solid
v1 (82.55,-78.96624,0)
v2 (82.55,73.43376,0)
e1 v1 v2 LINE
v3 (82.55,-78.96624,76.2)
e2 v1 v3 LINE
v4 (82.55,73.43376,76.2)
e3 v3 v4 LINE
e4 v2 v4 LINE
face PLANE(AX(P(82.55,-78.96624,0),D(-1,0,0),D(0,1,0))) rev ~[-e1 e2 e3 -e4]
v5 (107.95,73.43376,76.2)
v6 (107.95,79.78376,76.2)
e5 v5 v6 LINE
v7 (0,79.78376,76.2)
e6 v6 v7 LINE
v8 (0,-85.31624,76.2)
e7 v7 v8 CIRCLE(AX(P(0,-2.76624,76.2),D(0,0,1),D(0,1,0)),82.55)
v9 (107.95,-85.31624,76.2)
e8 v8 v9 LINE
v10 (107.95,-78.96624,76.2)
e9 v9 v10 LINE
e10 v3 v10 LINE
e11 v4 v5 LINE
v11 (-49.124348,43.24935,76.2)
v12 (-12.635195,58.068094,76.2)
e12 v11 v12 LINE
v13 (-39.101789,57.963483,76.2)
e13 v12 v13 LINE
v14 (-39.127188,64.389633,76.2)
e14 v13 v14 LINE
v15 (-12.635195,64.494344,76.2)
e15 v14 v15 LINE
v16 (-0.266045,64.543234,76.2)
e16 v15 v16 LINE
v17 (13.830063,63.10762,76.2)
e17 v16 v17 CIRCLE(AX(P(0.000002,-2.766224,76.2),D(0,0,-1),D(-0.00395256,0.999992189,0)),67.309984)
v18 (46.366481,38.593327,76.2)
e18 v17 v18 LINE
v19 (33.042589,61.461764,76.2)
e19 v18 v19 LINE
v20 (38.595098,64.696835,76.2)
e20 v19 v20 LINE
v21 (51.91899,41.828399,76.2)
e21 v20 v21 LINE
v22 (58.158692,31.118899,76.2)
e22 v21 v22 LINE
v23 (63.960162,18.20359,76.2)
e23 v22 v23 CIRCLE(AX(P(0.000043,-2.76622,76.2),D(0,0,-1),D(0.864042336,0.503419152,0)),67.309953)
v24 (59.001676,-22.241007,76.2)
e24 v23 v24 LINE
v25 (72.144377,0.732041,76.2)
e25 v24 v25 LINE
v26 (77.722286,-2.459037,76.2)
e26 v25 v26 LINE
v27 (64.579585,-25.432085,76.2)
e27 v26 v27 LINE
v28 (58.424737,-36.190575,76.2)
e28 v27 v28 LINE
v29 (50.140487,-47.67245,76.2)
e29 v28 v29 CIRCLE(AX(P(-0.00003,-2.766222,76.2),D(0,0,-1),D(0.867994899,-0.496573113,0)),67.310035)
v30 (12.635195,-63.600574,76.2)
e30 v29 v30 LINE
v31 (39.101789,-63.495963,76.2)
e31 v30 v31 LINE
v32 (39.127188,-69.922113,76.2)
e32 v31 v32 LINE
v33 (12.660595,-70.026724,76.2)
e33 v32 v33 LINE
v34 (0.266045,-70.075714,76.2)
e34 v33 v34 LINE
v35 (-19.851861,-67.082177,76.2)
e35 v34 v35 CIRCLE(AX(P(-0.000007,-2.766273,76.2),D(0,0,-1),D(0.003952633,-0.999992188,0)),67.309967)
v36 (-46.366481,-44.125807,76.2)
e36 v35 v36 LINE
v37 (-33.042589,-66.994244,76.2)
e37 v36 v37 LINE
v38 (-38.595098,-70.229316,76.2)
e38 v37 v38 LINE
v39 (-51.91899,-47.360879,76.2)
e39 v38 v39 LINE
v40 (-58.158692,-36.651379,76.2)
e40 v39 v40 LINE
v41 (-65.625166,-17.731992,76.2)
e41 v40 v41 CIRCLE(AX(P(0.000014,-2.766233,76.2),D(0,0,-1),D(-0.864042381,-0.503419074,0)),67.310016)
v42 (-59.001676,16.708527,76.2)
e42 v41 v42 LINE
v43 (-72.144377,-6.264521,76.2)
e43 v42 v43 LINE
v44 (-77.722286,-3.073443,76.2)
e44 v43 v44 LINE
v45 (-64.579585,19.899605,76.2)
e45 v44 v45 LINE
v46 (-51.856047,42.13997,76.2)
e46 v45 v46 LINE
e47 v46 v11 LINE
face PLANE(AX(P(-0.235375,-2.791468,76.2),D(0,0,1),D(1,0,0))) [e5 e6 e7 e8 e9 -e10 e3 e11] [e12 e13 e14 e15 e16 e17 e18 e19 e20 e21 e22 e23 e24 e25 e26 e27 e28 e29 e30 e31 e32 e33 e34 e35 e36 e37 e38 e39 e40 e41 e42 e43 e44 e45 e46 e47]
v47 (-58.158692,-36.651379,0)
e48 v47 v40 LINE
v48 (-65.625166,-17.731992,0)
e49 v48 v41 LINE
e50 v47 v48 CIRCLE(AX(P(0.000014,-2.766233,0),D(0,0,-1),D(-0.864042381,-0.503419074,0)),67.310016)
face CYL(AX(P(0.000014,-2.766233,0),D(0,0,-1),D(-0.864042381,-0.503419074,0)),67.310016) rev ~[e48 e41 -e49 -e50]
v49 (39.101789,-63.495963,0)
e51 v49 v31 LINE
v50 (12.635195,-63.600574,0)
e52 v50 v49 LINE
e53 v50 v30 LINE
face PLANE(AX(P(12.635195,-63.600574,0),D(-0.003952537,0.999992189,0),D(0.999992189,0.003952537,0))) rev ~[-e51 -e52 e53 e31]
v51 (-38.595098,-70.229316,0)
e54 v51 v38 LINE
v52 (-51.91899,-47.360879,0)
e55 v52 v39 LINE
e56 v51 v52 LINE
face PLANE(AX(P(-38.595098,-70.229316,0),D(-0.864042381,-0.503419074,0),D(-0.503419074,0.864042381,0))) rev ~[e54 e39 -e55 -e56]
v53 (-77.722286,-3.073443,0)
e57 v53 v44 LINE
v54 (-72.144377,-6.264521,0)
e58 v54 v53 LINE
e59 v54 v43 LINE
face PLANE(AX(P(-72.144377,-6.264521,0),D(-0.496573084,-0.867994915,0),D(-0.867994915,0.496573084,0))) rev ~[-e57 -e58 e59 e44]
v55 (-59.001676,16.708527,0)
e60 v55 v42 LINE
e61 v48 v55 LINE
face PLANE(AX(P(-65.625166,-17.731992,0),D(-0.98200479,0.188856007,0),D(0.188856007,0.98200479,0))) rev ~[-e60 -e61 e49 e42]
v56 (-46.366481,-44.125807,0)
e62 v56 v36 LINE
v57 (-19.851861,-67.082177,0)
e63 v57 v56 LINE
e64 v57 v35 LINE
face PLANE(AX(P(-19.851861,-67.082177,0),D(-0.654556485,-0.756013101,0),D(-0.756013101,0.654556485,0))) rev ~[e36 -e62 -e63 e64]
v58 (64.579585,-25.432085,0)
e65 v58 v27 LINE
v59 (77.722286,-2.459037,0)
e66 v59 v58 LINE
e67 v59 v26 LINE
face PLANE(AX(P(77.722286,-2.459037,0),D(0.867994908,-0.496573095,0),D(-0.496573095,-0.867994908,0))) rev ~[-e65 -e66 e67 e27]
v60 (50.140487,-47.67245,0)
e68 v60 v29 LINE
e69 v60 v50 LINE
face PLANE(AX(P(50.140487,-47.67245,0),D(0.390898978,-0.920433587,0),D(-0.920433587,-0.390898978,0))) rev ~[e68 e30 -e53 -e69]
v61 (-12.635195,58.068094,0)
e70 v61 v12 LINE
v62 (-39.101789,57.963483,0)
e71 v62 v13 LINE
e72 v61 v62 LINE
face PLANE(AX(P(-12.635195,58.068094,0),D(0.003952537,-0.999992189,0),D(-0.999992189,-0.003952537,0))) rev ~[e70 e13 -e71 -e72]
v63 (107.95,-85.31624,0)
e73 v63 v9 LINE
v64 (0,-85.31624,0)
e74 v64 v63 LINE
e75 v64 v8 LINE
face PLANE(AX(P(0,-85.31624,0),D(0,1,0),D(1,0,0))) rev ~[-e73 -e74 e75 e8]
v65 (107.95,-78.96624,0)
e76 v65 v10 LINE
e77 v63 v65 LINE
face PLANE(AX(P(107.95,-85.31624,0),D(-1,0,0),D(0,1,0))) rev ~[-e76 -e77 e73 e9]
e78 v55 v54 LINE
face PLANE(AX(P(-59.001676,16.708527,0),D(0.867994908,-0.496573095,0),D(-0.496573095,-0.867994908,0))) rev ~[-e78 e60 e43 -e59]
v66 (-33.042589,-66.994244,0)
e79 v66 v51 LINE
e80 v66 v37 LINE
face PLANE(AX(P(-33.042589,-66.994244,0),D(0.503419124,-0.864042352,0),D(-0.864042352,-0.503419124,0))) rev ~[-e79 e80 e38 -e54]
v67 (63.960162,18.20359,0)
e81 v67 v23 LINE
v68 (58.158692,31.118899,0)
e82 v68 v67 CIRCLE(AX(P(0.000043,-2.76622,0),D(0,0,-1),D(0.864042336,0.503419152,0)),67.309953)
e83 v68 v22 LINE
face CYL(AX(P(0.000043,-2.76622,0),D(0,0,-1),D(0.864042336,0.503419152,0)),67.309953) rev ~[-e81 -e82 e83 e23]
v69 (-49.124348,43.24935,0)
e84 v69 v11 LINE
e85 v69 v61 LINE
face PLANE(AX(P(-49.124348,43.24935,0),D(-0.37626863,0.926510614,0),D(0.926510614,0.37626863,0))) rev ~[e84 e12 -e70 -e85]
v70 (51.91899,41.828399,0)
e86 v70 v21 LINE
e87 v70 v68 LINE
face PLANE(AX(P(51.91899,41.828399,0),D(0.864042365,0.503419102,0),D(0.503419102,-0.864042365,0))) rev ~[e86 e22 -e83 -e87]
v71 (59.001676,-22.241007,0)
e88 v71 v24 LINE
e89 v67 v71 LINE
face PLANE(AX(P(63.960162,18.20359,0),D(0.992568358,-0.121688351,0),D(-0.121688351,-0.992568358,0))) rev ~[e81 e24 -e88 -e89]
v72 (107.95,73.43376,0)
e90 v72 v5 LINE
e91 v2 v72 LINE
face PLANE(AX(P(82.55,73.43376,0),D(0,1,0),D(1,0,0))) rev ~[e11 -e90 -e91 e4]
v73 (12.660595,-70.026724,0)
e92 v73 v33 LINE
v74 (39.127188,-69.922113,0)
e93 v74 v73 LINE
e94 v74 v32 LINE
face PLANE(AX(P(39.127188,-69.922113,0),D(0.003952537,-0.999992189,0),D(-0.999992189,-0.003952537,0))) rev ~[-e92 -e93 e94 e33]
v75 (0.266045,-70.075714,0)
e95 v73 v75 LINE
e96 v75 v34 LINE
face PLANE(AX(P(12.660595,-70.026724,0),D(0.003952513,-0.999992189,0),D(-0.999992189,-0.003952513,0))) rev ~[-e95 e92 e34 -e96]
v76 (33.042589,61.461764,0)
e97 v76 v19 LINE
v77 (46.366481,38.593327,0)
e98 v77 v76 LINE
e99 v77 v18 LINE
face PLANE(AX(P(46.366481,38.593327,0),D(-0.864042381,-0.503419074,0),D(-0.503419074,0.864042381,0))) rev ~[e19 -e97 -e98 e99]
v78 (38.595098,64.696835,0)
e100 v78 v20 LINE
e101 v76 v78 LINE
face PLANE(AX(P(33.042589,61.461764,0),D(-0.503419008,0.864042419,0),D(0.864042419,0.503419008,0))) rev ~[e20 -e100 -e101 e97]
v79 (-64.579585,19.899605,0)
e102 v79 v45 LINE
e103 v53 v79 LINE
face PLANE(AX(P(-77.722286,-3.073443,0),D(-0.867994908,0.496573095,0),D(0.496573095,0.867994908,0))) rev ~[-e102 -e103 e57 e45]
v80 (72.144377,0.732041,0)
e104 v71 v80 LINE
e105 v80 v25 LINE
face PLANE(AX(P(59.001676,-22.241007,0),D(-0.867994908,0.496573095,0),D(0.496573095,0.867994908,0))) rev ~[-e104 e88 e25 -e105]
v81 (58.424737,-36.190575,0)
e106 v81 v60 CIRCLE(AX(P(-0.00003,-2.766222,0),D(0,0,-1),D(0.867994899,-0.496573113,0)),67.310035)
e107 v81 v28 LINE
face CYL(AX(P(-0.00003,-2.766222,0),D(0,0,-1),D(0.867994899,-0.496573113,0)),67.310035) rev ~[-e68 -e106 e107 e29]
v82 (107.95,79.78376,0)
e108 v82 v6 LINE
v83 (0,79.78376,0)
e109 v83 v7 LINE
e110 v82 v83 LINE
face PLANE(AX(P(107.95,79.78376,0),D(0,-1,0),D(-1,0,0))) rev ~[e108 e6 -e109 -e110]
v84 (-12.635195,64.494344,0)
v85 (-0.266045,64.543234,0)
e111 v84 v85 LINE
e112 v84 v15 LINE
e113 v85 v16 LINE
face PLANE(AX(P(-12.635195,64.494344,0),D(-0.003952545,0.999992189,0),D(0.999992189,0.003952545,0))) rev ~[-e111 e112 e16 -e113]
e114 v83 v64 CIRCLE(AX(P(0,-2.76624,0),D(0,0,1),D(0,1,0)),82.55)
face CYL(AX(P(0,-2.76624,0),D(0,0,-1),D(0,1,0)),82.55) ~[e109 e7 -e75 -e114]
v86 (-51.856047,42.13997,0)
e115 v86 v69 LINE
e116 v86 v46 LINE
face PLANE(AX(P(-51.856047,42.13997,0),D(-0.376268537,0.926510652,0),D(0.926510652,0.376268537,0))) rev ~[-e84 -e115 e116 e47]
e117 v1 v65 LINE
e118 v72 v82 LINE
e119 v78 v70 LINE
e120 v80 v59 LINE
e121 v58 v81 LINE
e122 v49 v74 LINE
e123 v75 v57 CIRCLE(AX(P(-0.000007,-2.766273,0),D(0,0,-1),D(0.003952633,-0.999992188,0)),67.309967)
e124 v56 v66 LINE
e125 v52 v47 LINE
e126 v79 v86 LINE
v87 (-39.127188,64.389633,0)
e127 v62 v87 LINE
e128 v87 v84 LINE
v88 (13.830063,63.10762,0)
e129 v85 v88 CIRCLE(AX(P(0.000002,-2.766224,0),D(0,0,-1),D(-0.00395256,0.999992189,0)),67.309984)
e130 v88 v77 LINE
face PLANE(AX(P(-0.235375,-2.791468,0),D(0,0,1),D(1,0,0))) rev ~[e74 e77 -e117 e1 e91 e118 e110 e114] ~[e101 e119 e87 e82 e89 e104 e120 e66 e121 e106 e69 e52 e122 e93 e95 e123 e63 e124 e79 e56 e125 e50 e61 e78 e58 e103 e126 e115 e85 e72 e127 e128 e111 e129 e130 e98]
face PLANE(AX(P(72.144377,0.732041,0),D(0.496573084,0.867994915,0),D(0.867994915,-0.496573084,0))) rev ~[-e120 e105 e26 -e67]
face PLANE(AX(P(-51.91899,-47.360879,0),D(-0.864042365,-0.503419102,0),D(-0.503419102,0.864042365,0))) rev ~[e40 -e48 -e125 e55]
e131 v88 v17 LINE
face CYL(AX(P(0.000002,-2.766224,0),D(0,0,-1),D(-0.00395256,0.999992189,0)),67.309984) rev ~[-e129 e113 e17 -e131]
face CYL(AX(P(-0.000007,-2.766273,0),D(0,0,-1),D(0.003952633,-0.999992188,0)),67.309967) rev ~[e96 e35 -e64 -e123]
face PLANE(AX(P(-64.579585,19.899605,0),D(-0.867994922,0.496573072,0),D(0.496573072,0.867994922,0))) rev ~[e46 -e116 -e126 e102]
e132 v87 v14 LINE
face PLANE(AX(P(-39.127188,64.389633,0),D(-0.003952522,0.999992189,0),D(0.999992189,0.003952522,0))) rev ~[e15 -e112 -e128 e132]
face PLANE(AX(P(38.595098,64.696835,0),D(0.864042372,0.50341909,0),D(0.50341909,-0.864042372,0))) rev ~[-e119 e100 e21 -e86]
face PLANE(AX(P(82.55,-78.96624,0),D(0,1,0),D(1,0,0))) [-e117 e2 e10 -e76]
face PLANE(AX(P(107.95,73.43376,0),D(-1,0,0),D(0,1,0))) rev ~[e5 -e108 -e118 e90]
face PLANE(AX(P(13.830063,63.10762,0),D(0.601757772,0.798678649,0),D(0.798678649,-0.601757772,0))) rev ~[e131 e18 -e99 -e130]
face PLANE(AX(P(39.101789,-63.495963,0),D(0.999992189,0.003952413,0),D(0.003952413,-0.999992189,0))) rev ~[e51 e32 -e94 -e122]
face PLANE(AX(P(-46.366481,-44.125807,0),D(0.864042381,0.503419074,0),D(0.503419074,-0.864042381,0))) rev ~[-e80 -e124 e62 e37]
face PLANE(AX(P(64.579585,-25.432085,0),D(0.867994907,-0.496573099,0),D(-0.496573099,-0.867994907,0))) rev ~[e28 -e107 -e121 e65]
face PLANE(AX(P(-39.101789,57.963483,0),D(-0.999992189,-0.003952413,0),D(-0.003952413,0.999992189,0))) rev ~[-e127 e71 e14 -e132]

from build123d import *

# Parameters (mm, degrees)
F0_W     = 25.4
F0_H     = 6.35
F1_DEPTH = 76.2


with BuildPart() as f1:
    # F0 (on Top) → F1 (new body)
    with BuildSketch(Plane.XY):
        with BuildLine():
            Line((-59.001676, 16.708527), (-65.625166, -17.731992))
            ThreePointArc((-65.625166, -17.731992), (-62.610675, -27.475337), (-58.158692, -36.651379))
            Line((-58.158692, -36.651379), (-51.91899, -47.360879))
            Line((-51.91899, -47.360879), (-38.595098, -70.229316))
            Line((-38.595098, -70.229316), (-33.042589, -66.994244))
            Line((-33.042589, -66.994244), (-46.366481, -44.125807))
            Line((-46.366481, -44.125807), (-19.851861, -67.082177))
            ThreePointArc((-19.851861, -67.082177), (-9.906632, -69.343224), (0.266045, -70.075714))
            Line((0.266045, -70.075714), (12.660595, -70.026724))
            Line((12.660595, -70.026724), (39.127188, -69.922113))
            Line((39.127188, -69.922113), (39.101789, -63.495963))
            Line((39.101789, -63.495963), (12.635195, -63.600574))
            Line((12.635195, -63.600574), (50.140487, -47.67245))
            ThreePointArc((50.140487, -47.67245), (54.585349, -42.149939), (58.424737, -36.190575))
            Line((58.424737, -36.190575), (64.579585, -25.432085))
            Line((64.579585, -25.432085), (77.722286, -2.459037))
            Line((77.722286, -2.459037), (72.144377, 0.732041))
            Line((72.144377, 0.732041), (59.001676, -22.241007))
            Line((59.001676, -22.241007), (63.960162, 18.20359))
            ThreePointArc((63.960162, 18.20359), (61.399959, 24.814209), (58.158692, 31.118899))
            Line((58.158692, 31.118899), (51.91899, 41.828399))
            Line((51.91899, 41.828399), (38.595098, 64.696835))
            Line((38.595098, 64.696835), (33.042589, 61.461764))
            Line((33.042589, 61.461764), (46.366481, 38.593327))
            Line((46.366481, 38.593327), (13.830063, 63.10762))
            ThreePointArc((13.830063, 63.10762), (6.819889, 64.197371), (-0.266045, 64.543234))
            Line((-0.266045, 64.543234), (-12.635195, 64.494344))
            Line((-12.635195, 64.494344), (-39.127188, 64.389633))
            Line((-39.127188, 64.389633), (-39.101789, 57.963483))
            Line((-39.101789, 57.963483), (-12.635195, 58.068094))
            Line((-12.635195, 58.068094), (-49.124348, 43.24935))
            ThreePointArc((-49.124348, 43.24935), (-49.635517, 42.697499), (-50.140487, 42.13997))
            Line((-50.140487, 42.13997), (-51.856047, 42.13997))
            Line((-51.856047, 42.13997), (-64.579585, 19.899605))
            Line((-64.579585, 19.899605), (-77.722286, -3.073443))
            Line((-77.722286, -3.073443), (-72.144377, -6.264521))
            Line((-72.144377, -6.264521), (-59.001676, 16.708527))
        make_face()
        with BuildLine():
            Line((82.55, 79.78376), (0, 79.78376))
            ThreePointArc((0, 79.78376), (-82.55, -2.76624), (0, -85.31624))
            Line((0, -85.31624), (82.55, -85.31624))
            Line((82.55, -85.31624), (82.55, -78.96624))
            Line((82.55, -78.96624), (82.55, 73.43376))
            Line((82.55, 73.43376), (82.55, 79.78376))
        make_face()
        with BuildLine():
            ThreePointArc((-58.158692, -36.651379), (-62.610675, -27.475337), (-65.625166, -17.731992))
            Line((-65.625166, -17.731992), (-59.001676, 16.708527))
            Line((-59.001676, 16.708527), (-72.144377, -6.264521))
            Line((-72.144377, -6.264521), (-77.722286, -3.073443))
            Line((-77.722286, -3.073443), (-64.579585, 19.899605))
            Line((-64.579585, 19.899605), (-51.856047, 42.13997))
            Line((-51.856047, 42.13997), (-49.124348, 43.24935))
            Line((-49.124348, 43.24935), (-12.635195, 58.068094))
            Line((-12.635195, 58.068094), (-39.101789, 57.963483))
            Line((-39.101789, 57.963483), (-39.127188, 64.389633))
            Line((-39.127188, 64.389633), (-12.635195, 64.494344))
            Line((-12.635195, 64.494344), (-0.266045, 64.543234))
            ThreePointArc((-0.266045, 64.543234), (6.819889, 64.197371), (13.830063, 63.10762))
            Line((13.830063, 63.10762), (46.366481, 38.593327))
            Line((46.366481, 38.593327), (33.042589, 61.461764))
            Line((33.042589, 61.461764), (38.595098, 64.696835))
            Line((38.595098, 64.696835), (51.91899, 41.828399))
            Line((51.91899, 41.828399), (58.158692, 31.118899))
            ThreePointArc((58.158692, 31.118899), (61.399959, 24.814209), (63.960162, 18.20359))
            Line((63.960162, 18.20359), (59.001676, -22.241007))
            Line((59.001676, -22.241007), (72.144377, 0.732041))
            Line((72.144377, 0.732041), (77.722286, -2.459037))
            Line((77.722286, -2.459037), (64.579585, -25.432085))
            Line((64.579585, -25.432085), (58.424737, -36.190575))
            ThreePointArc((58.424737, -36.190575), (54.585349, -42.149939), (50.140487, -47.67245))
            Line((50.140487, -47.67245), (12.635195, -63.600574))
            Line((12.635195, -63.600574), (39.101789, -63.495963))
            Line((39.101789, -63.495963), (39.127188, -69.922113))
            Line((39.127188, -69.922113), (12.660595, -70.026724))
            Line((12.660595, -70.026724), (0.266045, -70.075714))
            ThreePointArc((0.266045, -70.075714), (-9.906632, -69.343224), (-19.851861, -67.082177))
            Line((-19.851861, -67.082177), (-46.366481, -44.125807))
            Line((-46.366481, -44.125807), (-33.042589, -66.994244))
            Line((-33.042589, -66.994244), (-38.595098, -70.229316))
            Line((-38.595098, -70.229316), (-51.91899, -47.360879))
            Line((-51.91899, -47.360879), (-58.158692, -36.651379))
        make_face(mode=Mode.SUBTRACT)
        with Locations((95.25, 76.60876)):
            Rectangle(F0_W, F0_H)
        with Locations((95.25, -82.14124)):
            Rectangle(F0_W, F0_H)
    extrude(amount=F1_DEPTH)


solid = f1.part
